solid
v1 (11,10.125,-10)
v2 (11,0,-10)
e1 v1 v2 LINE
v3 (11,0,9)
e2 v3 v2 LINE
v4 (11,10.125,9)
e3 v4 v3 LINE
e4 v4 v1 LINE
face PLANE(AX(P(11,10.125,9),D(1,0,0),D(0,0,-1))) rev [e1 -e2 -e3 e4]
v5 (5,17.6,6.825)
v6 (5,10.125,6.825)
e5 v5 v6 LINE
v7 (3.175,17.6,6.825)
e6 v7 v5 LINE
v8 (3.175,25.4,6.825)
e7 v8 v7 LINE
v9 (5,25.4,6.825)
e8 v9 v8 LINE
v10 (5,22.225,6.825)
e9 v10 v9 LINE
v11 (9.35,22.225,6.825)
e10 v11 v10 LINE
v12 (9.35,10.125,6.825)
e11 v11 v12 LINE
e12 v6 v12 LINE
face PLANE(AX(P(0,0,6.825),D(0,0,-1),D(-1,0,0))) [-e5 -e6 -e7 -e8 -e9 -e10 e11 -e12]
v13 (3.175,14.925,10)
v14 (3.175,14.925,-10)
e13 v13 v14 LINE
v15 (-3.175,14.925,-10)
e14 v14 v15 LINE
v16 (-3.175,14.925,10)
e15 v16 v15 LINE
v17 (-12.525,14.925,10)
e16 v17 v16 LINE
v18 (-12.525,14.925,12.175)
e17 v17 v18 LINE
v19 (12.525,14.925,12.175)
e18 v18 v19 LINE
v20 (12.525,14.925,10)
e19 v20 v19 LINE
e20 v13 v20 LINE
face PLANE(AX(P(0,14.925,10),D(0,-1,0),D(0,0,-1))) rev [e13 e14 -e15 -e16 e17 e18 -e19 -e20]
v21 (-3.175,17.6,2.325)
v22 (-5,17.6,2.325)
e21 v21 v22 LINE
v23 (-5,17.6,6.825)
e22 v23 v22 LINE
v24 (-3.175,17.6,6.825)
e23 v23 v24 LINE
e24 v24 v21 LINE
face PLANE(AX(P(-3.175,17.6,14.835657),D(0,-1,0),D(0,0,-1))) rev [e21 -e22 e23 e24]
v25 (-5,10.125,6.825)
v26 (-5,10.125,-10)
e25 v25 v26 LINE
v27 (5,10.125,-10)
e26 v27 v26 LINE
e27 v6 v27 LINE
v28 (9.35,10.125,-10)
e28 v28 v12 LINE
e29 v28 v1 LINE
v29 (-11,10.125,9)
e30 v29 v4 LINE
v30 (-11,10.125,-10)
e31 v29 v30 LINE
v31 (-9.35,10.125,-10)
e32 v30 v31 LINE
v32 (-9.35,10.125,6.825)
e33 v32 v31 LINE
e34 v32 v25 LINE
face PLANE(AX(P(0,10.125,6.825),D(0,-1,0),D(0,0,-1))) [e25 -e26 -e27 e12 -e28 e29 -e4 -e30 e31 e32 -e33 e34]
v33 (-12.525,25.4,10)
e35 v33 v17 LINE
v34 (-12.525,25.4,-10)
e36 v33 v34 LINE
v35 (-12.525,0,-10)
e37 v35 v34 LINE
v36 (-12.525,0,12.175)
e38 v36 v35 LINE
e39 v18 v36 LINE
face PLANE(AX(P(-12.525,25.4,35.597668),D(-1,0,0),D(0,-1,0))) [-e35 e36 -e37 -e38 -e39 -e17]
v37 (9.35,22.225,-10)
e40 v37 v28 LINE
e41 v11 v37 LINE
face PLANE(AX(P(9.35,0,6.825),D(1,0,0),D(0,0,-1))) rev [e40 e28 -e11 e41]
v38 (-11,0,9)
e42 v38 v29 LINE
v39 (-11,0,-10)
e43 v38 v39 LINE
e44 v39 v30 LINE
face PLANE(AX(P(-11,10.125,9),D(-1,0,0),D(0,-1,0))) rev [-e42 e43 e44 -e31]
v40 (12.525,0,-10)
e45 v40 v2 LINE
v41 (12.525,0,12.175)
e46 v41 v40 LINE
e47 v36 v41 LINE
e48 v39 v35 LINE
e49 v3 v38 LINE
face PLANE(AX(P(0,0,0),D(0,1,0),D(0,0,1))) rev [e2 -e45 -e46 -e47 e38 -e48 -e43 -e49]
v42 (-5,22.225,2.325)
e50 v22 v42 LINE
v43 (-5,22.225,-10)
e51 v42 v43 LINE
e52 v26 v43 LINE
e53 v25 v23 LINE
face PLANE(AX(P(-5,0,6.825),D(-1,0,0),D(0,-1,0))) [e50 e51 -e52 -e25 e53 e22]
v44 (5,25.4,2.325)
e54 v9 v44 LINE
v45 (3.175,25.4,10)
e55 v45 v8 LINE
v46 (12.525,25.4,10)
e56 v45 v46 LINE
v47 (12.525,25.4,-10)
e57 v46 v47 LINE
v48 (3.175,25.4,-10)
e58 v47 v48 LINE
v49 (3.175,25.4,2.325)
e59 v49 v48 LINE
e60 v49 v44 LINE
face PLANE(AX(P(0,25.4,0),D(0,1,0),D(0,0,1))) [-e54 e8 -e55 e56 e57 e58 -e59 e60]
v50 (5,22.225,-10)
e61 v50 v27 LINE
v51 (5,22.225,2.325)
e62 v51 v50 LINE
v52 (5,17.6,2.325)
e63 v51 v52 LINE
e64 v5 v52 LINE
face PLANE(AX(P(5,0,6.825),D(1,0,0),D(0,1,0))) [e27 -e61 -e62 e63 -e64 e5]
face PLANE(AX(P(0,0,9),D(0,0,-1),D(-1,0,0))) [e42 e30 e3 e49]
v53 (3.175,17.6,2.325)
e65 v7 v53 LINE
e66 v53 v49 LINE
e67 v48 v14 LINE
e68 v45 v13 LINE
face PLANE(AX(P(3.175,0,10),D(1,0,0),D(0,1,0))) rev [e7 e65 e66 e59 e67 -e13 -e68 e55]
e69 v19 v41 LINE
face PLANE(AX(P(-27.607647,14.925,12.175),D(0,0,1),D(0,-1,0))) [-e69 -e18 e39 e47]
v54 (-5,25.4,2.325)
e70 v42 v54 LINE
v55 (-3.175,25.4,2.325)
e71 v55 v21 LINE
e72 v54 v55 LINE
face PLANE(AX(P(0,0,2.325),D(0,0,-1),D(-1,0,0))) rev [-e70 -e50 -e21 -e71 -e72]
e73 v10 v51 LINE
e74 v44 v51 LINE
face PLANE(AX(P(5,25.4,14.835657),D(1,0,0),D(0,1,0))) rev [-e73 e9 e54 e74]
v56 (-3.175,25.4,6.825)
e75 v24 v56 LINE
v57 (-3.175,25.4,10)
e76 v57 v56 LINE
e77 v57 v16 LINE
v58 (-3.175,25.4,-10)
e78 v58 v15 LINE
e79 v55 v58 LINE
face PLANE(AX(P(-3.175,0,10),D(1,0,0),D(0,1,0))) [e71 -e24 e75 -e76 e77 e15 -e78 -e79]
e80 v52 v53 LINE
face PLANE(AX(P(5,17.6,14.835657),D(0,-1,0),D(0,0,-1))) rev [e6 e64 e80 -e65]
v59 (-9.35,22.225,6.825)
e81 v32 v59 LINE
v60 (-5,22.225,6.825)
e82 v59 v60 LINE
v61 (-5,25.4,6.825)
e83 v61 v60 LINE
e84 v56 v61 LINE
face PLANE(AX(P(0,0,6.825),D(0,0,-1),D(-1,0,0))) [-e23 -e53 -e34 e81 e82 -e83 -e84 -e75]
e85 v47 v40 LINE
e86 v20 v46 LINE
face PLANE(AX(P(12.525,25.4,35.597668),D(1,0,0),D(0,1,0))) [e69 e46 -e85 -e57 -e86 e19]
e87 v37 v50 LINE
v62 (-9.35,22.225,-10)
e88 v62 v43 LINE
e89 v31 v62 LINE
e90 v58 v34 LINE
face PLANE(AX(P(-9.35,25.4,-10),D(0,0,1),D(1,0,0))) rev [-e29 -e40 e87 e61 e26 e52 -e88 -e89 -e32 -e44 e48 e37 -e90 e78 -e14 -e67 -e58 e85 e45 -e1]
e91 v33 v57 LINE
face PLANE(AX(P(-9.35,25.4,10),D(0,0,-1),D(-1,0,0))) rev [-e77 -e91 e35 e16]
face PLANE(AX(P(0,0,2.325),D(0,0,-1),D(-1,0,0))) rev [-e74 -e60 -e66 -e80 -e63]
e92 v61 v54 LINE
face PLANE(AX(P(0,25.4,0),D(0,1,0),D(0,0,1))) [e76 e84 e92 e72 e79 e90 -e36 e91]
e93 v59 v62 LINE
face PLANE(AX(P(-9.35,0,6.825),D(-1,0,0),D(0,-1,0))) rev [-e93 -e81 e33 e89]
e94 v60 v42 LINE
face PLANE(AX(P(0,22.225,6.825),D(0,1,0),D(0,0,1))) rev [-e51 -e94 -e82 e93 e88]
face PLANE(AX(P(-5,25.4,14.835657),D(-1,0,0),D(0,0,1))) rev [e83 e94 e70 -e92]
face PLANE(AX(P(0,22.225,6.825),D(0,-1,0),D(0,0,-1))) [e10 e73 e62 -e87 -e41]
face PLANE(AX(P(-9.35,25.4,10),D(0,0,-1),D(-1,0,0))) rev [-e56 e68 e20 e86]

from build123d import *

# Parameters (mm, degrees)
SKETCH2_W           = 18.7
SKETCH2_H           = 20
BOSS_EXTRUDE1_DEPTH = 25.4
SKETCH3_W           = 6.35
SKETCH3_H           = 7.3
SKETCH3_H_2         = 3.175
CUT_EXTRUDE1_DEPTH  = 21
SKETCH5_W           = 3.175
SKETCH5_H           = 25.4
BOSS_EXTRUDE2_DEPTH = 20
SKETCH6_W           = 10
SKETCH6_H           = 10.125
CUT_EXTRUDE2_DEPTH  = 16.825
SKETCH7_W           = 3
SKETCH7_H           = 3.5
CUT_EXTRUDE3_DEPTH  = 10
SKETCH8_W           = 22
SKETCH8_H           = 10.125
CUT_EXTRUDE4_DEPTH  = 19
SKETCH9_W           = 2.175
SKETCH9_H           = 14.925
BOSS_EXTRUDE3_DEPTH = 25.05
SKETCH10_W          = 1.825
SKETCH10_H          = 7.8
CUT_EXTRUDE5_DEPTH  = 4.5


with BuildPart() as part:
    # Sketch2 → Boss-Extrude1 (new body)
    with BuildSketch(Plane(origin=(0, 0, 0), x_dir=(1, 0, 0), z_dir=(0, 1, 0))):
        Rectangle(SKETCH2_W, SKETCH2_H)
    extrude(amount=BOSS_EXTRUDE1_DEPTH)

    # Sketch3 → Cut-Extrude1 (cut, through all)
    with BuildSketch(Plane(origin=(0, 0, -10), x_dir=(-1, 0, 0), z_dir=(0, 0, -1))):
        with Locations((0, 21.75)):
            Rectangle(SKETCH3_W, SKETCH3_H)
        with Locations((0, 16.5125)):
            Rectangle(SKETCH3_W, SKETCH3_H_2)
    extrude(amount=-CUT_EXTRUDE1_DEPTH, mode=Mode.SUBTRACT)

    # Sketch5 → Boss-Extrude2 (add)
    with BuildSketch(Plane(origin=(0, 0, -10), x_dir=(-1, 0, 0), z_dir=(0, 0, -1))):
        with Locations((-10.9375, 12.7)):
            Rectangle(SKETCH5_W, SKETCH5_H)
        with Locations((10.9375, 12.7)):
            Rectangle(SKETCH5_W, SKETCH5_H)
    extrude(amount=-BOSS_EXTRUDE2_DEPTH)

    # Sketch6 → Cut-Extrude2 (cut)
    with BuildSketch(Plane(origin=(0, 0, -10), x_dir=(-1, 0, 0), z_dir=(0, 0, -1))):
        Polygon((5, 22.225), (5, 10.125), (5, 0), (9.35, 0), (9.35, 22.225), align=None)
        with Locations((0, 5.0625)):
            Rectangle(SKETCH6_W, SKETCH6_H)
        Polygon((-5, 22.225), (-9.35, 22.225), (-9.35, 0), (-5, 0), (-5, 10.125), align=None)
    extrude(amount=-CUT_EXTRUDE2_DEPTH, mode=Mode.SUBTRACT)

    # Sketch7 → Cut-Extrude3 (cut)
    with BuildSketch(Plane(origin=(5, 0, 0), x_dir=(0, 0, -1), z_dir=(1, 0, 0))):
        with Locations((-4.825, 19.725)):
            Rectangle(SKETCH7_W, SKETCH7_H)
    extrude(amount=-CUT_EXTRUDE3_DEPTH, mode=Mode.SUBTRACT)

    # Sketch8 → Cut-Extrude4 (cut)
    with BuildSketch(Plane(origin=(0, 0, -10), x_dir=(-1, 0, 0), z_dir=(0, 0, -1))):
        with Locations((0, 5.0625)):
            Rectangle(SKETCH8_W, SKETCH8_H)
    extrude(amount=-CUT_EXTRUDE4_DEPTH, mode=Mode.SUBTRACT)

    # Sketch9 → Boss-Extrude3 (add)
    with BuildSketch(Plane(origin=(12.525, 0, 0), x_dir=(0, 0, -1), z_dir=(1, 0, 0))):
        with Locations((-11.0875, 7.4625)):
            Rectangle(SKETCH9_W, SKETCH9_H)
    extrude(amount=-BOSS_EXTRUDE3_DEPTH)

    # Sketch10 → Cut-Extrude5 (cut)
    with BuildSketch(Plane(origin=(0, 0, 2.325), x_dir=(-1, 0, 0), z_dir=(0, 0, -1))):
        with Locations((-4.0875, 21.5)):
            Rectangle(SKETCH10_W, SKETCH10_H)
        with Locations((4.0875, 21.5)):
            Rectangle(SKETCH10_W, SKETCH10_H)
    extrude(amount=-CUT_EXTRUDE5_DEPTH, mode=Mode.SUBTRACT)


solid = part.part
